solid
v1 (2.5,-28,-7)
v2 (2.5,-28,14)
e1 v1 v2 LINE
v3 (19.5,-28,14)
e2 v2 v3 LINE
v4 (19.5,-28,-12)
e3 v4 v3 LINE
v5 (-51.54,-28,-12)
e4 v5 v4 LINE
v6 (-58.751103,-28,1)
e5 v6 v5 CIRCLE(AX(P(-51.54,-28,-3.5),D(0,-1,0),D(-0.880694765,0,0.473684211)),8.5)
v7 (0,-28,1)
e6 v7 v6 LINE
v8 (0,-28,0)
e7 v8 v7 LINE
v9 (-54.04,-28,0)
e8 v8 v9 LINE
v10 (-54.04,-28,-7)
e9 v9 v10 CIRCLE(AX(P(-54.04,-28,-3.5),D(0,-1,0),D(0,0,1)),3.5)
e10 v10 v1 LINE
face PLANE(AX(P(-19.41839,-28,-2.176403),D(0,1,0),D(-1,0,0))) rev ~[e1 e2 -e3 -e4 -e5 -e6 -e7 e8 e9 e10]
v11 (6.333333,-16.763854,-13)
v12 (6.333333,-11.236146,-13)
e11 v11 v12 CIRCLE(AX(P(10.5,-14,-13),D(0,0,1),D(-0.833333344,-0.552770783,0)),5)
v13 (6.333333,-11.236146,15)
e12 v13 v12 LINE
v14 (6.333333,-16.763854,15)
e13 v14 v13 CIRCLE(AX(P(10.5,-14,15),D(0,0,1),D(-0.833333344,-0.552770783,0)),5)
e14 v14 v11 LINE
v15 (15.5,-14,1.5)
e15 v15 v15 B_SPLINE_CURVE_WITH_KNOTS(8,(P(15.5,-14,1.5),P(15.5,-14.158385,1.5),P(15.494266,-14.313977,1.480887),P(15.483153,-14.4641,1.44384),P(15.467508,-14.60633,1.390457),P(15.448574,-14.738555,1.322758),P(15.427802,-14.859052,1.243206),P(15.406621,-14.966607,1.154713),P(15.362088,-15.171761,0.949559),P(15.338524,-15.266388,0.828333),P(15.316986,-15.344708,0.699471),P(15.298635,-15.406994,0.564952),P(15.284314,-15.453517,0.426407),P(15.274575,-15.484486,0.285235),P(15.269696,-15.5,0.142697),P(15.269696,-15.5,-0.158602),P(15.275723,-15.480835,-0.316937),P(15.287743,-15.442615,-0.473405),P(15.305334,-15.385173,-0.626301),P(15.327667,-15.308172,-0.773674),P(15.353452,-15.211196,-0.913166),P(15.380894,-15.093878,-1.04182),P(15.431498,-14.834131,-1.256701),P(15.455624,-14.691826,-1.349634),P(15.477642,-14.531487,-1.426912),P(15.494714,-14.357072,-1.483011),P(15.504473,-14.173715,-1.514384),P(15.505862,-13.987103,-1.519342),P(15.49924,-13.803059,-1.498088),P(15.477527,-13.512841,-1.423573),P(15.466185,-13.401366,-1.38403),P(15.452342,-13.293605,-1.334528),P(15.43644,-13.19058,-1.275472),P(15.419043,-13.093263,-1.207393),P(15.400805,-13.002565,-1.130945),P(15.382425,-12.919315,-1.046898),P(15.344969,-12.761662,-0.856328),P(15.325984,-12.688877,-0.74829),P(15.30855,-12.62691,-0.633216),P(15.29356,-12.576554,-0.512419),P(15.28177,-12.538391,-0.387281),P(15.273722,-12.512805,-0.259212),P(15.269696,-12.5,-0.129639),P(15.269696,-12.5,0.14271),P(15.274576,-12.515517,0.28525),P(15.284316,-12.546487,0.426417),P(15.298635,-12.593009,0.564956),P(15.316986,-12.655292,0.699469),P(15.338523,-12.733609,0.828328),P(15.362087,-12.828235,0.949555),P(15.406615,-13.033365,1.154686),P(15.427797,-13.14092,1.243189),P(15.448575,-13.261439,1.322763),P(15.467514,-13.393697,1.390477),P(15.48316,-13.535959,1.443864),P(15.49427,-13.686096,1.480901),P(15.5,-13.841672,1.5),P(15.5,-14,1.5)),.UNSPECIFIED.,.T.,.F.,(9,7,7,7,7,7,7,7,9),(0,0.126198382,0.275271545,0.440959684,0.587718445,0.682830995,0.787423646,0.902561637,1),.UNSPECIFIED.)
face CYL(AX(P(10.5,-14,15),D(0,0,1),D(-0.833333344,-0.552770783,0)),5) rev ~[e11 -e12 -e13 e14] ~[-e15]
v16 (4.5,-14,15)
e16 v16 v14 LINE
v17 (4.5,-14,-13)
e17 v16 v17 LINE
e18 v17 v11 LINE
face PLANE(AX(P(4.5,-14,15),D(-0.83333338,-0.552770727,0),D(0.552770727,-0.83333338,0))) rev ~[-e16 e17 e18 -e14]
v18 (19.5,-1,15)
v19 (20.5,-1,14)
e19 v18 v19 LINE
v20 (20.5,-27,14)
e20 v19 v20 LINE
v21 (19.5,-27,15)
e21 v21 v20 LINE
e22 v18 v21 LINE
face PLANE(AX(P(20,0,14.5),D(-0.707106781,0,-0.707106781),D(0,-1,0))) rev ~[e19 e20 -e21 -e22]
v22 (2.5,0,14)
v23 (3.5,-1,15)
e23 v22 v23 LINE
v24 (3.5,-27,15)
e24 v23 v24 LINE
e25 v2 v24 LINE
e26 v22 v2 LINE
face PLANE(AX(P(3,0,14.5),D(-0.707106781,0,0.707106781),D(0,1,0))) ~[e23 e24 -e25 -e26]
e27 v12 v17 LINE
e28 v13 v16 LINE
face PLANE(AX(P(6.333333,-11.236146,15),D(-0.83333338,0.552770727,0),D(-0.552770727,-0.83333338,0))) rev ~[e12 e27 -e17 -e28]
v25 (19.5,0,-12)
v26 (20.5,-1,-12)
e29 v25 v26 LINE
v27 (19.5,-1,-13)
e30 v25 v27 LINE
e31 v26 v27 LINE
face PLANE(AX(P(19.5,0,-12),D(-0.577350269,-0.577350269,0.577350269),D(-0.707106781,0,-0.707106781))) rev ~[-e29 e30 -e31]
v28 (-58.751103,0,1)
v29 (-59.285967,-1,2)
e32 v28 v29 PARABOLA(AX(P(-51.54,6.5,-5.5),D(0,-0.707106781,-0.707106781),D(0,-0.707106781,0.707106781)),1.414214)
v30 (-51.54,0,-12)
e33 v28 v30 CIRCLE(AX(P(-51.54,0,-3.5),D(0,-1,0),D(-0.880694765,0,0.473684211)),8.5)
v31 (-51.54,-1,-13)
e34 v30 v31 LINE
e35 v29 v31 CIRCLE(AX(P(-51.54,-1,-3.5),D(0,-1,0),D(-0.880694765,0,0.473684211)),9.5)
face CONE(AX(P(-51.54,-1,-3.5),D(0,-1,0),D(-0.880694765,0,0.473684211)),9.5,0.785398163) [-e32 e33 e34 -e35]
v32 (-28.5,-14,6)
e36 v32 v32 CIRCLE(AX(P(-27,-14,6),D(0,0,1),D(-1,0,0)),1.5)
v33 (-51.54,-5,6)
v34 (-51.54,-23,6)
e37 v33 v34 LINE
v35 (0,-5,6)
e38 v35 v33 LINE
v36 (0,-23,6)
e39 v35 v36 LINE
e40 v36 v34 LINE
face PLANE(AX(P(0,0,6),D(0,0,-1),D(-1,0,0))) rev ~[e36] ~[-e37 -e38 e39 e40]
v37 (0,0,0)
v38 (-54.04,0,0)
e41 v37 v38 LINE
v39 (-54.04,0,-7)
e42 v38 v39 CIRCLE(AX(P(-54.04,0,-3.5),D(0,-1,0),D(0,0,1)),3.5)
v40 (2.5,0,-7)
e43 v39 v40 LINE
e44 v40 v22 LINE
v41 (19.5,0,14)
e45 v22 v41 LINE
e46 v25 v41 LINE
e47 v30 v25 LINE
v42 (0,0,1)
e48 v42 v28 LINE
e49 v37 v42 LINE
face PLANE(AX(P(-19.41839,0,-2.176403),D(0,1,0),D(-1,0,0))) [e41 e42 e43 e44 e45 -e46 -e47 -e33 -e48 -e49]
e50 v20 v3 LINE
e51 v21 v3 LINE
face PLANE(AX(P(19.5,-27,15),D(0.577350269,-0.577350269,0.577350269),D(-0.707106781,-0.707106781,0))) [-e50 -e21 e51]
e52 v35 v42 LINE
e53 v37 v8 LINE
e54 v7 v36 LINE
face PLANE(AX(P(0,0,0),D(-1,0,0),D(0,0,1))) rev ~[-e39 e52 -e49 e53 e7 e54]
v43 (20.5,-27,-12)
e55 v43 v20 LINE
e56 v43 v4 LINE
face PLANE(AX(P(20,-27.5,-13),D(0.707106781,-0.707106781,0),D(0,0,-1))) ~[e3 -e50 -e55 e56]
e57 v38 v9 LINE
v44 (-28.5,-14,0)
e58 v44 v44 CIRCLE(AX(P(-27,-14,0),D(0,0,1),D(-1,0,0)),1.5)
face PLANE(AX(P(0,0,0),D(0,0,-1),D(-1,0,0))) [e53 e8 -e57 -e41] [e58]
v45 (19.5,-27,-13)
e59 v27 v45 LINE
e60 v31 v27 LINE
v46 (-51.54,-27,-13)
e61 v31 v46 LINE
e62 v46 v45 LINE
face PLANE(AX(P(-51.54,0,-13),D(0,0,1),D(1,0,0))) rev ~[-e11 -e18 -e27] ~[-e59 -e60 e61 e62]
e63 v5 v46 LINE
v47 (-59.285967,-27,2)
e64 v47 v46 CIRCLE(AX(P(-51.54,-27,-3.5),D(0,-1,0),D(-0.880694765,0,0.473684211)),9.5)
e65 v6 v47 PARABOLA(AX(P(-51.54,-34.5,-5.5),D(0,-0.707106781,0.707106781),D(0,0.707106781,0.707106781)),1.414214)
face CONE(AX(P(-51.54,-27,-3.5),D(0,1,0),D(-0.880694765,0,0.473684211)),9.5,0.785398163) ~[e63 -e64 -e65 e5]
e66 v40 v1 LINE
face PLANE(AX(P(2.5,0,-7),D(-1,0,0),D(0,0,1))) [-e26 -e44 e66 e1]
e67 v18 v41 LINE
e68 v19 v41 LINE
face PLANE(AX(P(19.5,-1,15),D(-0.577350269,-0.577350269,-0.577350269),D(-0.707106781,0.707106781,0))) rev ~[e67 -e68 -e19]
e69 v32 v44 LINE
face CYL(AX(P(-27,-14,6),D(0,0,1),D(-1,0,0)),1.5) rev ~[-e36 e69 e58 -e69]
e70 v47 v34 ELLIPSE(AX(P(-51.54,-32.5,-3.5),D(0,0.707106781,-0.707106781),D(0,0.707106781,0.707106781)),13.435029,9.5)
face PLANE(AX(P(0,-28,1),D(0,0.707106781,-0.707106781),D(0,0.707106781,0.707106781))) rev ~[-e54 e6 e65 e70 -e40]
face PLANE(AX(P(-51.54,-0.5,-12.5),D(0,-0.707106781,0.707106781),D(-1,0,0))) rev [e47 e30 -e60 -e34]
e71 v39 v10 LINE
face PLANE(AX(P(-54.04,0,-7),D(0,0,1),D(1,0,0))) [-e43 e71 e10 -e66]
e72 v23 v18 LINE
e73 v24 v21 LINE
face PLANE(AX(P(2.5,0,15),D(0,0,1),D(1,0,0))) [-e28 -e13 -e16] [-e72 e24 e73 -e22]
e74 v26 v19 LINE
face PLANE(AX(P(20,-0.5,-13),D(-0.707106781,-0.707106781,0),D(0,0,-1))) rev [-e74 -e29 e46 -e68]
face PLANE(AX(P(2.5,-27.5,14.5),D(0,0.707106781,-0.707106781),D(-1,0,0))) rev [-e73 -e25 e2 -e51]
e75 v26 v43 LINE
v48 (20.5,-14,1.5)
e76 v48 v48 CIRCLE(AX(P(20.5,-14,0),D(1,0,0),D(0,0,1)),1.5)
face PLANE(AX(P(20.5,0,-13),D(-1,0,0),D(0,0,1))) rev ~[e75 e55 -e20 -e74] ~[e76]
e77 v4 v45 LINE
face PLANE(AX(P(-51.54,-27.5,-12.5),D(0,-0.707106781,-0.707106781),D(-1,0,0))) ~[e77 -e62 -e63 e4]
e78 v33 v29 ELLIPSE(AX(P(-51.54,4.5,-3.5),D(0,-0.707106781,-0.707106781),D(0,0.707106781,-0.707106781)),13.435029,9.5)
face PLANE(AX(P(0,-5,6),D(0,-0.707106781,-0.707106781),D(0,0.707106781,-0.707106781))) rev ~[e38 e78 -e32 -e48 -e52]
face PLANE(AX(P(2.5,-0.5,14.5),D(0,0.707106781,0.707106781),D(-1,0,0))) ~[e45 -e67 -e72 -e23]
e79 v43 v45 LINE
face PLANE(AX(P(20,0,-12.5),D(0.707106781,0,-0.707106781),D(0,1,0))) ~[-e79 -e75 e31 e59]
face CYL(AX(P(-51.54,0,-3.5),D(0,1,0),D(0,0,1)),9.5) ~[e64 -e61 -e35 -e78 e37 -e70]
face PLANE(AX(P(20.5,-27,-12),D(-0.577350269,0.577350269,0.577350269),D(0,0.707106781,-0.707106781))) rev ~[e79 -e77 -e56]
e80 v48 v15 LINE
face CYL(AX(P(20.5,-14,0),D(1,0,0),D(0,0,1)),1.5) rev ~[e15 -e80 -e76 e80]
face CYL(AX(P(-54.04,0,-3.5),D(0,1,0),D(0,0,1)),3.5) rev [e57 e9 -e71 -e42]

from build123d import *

# Parameters (mm, degrees)
PAD_DEPTH       = 28
POCKET_DEPTH    = 100
SKETCH002_R     = 1.5
POCKET001_DEPTH = 7
POCKET002_DEPTH = 40
SKETCH004_R     = 1.5
POCKET003_DEPTH = 10
CHAMFER_SIZE    = 1


with BuildPart() as part:
    # Sketch → Pad (new body)
    with BuildSketch(Plane.XZ):
        with BuildLine():
            Line((0, 0), (-54.04, 0))
            ThreePointArc((-54.04, 0), (-57.54, -3.5), (-54.04, -7))
            Line((-54.04, -7), (2.5, -7))
            Line((2.5, -7), (2.5, 15))
            Line((2.5, 15), (20.5, 15))
            Line((20.5, -13), (20.5, 15))
            Line((-51.54, -13), (20.5, -13))
            ThreePointArc((-51.54, 6), (-61.04, -3.5), (-51.54, -13))
            Line((0, 6), (-51.54, 6))
            Line((0, 0), (0, 6))
        make_face()
    extrude(amount=PAD_DEPTH)

    # Sketch001 (on Face10 of Pad) → Pocket (cut)
    with BuildSketch(Plane(origin=(0, 0, 0), x_dir=(0, 0, 1), z_dir=(1, 0, 0))):
        Polygon((1, 28), (6, 23), (6, 28), align=None)
        Polygon((6, 5), (1, 0), (6, 0), align=None)
    extrude(amount=-POCKET_DEPTH, mode=Mode.SUBTRACT)

    # Sketch002 (on Face7 of Pocket) → Pocket001 (cut)
    with BuildSketch(Plane(origin=(0, 0, 6), x_dir=(-1, 0, 0), z_dir=(0, 0, 1))):
        with Locations((27, 14)):
            Circle(SKETCH002_R)
    extrude(amount=-POCKET001_DEPTH, mode=Mode.SUBTRACT)

    # Sketch003 (on Face13 of Pocket001) → Pocket002 (cut)
    with BuildSketch(Plane(origin=(0, 0, 15), x_dir=(-1, 0, 0), z_dir=(0, 0, 1))):
        with BuildLine():
            ThreePointArc((-6.333333, 16.763854), (-15.5, 14), (-6.333333, 11.236146))
            Line((-6.333333, 11.236146), (-4.5, 14))
            Line((-4.5, 14), (-6.333333, 16.763854))
        make_face()
    extrude(amount=-POCKET002_DEPTH, mode=Mode.SUBTRACT)

    # Sketch004 (on Face12 of Pocket002) → Pocket003 (cut)
    with BuildSketch(Plane(origin=(20.5, 0, 0), x_dir=(0, 0, 1), z_dir=(1, 0, 0))):
        with Locations((0, 14)):
            Circle(SKETCH004_R)
    extrude(amount=-POCKET003_DEPTH, mode=Mode.SUBTRACT)

    # Chamfer
    chamfer_edges = [part.edges().sort_by_distance(p)[0] for p in [
        (-59.694753, -28, -8.373397),
        (-15.52, -28, -13),
        (20.5, -28, 1),
        (20.5, -14, -13),
        (20.5, 0, 1),
        (20.5, -14, 15),
        (11.5, 0, 15),
        (11.5, -28, 15),
        (2.5, -14, 15),
        (-15.52, 0, -13),
        (-59.694753, 0, -8.373397),
    ]]
    chamfer(chamfer_edges, length=CHAMFER_SIZE)


solid = part.part
